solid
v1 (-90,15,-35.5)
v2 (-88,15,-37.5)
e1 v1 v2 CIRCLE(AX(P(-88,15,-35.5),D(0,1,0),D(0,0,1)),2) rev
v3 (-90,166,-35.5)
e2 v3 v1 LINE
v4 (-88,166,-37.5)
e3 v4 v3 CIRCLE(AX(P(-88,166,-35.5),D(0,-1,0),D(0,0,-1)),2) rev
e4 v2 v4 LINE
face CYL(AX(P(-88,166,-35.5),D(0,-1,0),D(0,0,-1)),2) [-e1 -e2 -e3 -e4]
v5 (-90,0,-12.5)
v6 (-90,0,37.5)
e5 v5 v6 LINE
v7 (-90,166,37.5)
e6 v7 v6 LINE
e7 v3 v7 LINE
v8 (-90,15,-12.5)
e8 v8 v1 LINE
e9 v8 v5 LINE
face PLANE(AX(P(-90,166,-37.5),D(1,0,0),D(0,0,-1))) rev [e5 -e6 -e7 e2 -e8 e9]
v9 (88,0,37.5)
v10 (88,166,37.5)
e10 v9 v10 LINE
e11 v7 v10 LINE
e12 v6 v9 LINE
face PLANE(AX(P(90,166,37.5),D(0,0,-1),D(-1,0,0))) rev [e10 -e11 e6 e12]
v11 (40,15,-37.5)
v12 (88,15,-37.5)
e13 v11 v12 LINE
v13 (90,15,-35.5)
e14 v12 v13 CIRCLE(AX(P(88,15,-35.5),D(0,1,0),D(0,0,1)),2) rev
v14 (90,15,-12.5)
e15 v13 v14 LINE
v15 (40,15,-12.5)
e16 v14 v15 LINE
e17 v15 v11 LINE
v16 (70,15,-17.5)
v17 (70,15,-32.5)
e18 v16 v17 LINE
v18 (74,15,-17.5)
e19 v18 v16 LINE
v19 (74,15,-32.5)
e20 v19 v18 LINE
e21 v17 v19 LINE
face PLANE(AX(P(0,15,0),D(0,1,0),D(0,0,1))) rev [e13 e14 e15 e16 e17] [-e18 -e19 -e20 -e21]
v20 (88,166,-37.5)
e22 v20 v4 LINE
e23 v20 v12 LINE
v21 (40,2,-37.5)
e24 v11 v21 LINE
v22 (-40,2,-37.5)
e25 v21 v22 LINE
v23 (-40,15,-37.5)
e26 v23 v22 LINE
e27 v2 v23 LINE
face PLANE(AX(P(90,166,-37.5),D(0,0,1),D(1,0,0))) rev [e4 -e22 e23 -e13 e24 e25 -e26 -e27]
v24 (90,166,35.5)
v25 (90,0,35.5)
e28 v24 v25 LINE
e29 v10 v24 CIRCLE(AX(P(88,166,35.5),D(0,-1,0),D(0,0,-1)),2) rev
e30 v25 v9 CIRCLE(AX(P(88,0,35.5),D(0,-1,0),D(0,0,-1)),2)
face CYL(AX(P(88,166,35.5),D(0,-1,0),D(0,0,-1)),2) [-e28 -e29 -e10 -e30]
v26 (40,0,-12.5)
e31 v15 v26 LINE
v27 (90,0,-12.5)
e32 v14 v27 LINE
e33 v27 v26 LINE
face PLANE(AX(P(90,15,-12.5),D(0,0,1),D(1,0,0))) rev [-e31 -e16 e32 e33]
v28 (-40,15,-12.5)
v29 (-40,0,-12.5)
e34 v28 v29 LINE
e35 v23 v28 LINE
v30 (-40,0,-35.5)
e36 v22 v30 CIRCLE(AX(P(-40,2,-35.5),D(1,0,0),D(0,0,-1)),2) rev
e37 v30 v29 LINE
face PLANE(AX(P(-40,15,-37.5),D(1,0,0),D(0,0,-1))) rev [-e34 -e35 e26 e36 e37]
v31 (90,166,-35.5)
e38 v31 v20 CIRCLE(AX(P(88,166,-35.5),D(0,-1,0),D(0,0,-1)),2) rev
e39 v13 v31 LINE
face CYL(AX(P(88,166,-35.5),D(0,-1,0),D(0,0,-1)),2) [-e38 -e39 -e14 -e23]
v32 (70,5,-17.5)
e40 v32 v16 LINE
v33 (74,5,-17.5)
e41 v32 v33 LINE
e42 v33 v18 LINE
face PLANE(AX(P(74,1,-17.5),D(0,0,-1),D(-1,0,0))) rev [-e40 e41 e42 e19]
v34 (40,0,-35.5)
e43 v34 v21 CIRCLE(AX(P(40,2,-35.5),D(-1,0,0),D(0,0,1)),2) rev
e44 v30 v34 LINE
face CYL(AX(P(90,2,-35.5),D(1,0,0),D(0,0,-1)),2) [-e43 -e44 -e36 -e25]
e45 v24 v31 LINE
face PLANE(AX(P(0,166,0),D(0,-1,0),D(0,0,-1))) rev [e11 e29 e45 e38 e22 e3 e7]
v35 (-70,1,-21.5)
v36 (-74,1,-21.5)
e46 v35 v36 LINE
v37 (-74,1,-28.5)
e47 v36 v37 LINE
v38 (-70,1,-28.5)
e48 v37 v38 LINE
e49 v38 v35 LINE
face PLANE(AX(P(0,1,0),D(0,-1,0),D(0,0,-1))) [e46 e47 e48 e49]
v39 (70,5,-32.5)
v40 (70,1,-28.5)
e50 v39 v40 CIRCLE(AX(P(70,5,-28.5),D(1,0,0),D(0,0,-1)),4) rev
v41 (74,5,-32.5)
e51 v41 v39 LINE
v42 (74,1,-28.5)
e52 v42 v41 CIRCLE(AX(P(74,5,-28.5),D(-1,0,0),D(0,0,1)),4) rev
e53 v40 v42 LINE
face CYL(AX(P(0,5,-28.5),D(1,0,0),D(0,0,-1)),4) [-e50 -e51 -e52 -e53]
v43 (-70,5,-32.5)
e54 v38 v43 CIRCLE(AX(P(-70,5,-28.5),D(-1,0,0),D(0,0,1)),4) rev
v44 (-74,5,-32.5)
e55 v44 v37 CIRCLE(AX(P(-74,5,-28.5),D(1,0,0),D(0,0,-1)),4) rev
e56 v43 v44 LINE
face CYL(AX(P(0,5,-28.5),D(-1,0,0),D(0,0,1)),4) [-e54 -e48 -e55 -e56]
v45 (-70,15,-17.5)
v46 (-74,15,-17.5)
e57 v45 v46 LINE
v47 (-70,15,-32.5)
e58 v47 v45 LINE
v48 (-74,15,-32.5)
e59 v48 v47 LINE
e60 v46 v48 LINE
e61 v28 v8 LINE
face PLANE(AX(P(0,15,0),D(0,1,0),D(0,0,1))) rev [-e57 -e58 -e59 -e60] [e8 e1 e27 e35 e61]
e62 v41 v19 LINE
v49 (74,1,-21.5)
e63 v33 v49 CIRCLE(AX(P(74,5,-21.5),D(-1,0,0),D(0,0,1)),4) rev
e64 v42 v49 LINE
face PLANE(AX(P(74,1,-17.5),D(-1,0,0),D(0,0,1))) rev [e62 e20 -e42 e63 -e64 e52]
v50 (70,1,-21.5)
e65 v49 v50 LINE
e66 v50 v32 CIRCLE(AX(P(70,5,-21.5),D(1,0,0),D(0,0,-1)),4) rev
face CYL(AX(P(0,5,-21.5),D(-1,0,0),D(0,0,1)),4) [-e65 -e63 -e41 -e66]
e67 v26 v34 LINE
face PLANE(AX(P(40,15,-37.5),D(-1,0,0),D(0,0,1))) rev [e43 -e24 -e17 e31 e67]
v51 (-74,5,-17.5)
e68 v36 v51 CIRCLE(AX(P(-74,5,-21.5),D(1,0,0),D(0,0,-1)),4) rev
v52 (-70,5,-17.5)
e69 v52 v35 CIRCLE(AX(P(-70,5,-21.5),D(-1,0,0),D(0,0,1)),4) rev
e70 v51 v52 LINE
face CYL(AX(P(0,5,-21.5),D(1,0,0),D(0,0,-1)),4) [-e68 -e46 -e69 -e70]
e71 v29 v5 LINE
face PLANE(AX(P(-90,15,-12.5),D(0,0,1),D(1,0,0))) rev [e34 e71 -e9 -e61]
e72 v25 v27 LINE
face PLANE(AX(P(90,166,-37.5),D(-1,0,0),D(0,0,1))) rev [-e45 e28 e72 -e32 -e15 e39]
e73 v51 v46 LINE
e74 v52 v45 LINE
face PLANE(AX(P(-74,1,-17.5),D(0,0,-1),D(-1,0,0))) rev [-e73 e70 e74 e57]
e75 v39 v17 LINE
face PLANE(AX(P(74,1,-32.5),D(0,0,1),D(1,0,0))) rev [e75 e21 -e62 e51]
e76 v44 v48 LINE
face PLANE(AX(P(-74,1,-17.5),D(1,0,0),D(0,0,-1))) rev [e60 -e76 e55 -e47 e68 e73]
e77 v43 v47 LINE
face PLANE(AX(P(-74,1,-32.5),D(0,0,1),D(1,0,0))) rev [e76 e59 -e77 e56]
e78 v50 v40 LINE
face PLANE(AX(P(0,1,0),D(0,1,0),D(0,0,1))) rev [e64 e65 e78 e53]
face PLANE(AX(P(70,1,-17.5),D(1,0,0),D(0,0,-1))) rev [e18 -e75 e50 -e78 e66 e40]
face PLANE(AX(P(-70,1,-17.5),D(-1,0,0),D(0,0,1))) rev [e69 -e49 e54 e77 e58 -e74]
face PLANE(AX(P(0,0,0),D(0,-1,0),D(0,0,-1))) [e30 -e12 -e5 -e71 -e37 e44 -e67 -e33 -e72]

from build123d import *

# Parameters (mm, degrees)
SKETCH1_W           = 180
SKETCH1_H           = 75
BOSS_EXTRUDE1_DEPTH = 166
SKETCH2_W           = 50
SKETCH2_H           = 25
CUT_EXTRUDE1_DEPTH  = 15
FILLET1_R           = 2
SKETCH3_W           = 4
SKETCH3_H           = 15
BOSS_EXTRUDE2_DEPTH = 14
FILLET2_R           = 4


with BuildPart() as part:
    # Sketch1 → Boss-Extrude1 (new body)
    with BuildSketch(Plane(origin=(0, 0, 0), x_dir=(1, 0, 0), z_dir=(0, 1, 0))):
        Rectangle(SKETCH1_W, SKETCH1_H)
    extrude(amount=BOSS_EXTRUDE1_DEPTH)

    # Sketch2 → Cut-Extrude1 (cut)
    with BuildSketch(Plane.XZ):
        with Locations((-65, -25)):
            Rectangle(SKETCH2_W, SKETCH2_H)
        with Locations((65, -25)):
            Rectangle(SKETCH2_W, SKETCH2_H)
    extrude(amount=-CUT_EXTRUDE1_DEPTH, mode=Mode.SUBTRACT)

    # Fillet1
    fillet1_edges = [part.edges().sort_by_distance(p)[0] for p in [
        (0, 0, -37.5),
        (-90, 90.5, -37.5),
        (90, 90.5, -37.5),
        (90, 83, 37.5),
    ]]
    fillet(fillet1_edges, radius=FILLET1_R)

    # Sketch3 → Boss-Extrude2 (add)
    with BuildSketch(Plane.XZ.offset(-15)):
        with Locations((-72, -25)):
            Rectangle(SKETCH3_W, SKETCH3_H)
        with Locations((72, -25)):
            Rectangle(SKETCH3_W, SKETCH3_H)
    extrude(amount=BOSS_EXTRUDE2_DEPTH)

    # Fillet2
    fillet2_edges = [part.edges().sort_by_distance(p)[0] for p in [
        (-72, 1, -32.5),
        (-72, 1, -17.5),
        (72, 1, -17.5),
        (72, 1, -32.5),
    ]]
    fillet(fillet2_edges, radius=FILLET2_R)


solid = part.part
